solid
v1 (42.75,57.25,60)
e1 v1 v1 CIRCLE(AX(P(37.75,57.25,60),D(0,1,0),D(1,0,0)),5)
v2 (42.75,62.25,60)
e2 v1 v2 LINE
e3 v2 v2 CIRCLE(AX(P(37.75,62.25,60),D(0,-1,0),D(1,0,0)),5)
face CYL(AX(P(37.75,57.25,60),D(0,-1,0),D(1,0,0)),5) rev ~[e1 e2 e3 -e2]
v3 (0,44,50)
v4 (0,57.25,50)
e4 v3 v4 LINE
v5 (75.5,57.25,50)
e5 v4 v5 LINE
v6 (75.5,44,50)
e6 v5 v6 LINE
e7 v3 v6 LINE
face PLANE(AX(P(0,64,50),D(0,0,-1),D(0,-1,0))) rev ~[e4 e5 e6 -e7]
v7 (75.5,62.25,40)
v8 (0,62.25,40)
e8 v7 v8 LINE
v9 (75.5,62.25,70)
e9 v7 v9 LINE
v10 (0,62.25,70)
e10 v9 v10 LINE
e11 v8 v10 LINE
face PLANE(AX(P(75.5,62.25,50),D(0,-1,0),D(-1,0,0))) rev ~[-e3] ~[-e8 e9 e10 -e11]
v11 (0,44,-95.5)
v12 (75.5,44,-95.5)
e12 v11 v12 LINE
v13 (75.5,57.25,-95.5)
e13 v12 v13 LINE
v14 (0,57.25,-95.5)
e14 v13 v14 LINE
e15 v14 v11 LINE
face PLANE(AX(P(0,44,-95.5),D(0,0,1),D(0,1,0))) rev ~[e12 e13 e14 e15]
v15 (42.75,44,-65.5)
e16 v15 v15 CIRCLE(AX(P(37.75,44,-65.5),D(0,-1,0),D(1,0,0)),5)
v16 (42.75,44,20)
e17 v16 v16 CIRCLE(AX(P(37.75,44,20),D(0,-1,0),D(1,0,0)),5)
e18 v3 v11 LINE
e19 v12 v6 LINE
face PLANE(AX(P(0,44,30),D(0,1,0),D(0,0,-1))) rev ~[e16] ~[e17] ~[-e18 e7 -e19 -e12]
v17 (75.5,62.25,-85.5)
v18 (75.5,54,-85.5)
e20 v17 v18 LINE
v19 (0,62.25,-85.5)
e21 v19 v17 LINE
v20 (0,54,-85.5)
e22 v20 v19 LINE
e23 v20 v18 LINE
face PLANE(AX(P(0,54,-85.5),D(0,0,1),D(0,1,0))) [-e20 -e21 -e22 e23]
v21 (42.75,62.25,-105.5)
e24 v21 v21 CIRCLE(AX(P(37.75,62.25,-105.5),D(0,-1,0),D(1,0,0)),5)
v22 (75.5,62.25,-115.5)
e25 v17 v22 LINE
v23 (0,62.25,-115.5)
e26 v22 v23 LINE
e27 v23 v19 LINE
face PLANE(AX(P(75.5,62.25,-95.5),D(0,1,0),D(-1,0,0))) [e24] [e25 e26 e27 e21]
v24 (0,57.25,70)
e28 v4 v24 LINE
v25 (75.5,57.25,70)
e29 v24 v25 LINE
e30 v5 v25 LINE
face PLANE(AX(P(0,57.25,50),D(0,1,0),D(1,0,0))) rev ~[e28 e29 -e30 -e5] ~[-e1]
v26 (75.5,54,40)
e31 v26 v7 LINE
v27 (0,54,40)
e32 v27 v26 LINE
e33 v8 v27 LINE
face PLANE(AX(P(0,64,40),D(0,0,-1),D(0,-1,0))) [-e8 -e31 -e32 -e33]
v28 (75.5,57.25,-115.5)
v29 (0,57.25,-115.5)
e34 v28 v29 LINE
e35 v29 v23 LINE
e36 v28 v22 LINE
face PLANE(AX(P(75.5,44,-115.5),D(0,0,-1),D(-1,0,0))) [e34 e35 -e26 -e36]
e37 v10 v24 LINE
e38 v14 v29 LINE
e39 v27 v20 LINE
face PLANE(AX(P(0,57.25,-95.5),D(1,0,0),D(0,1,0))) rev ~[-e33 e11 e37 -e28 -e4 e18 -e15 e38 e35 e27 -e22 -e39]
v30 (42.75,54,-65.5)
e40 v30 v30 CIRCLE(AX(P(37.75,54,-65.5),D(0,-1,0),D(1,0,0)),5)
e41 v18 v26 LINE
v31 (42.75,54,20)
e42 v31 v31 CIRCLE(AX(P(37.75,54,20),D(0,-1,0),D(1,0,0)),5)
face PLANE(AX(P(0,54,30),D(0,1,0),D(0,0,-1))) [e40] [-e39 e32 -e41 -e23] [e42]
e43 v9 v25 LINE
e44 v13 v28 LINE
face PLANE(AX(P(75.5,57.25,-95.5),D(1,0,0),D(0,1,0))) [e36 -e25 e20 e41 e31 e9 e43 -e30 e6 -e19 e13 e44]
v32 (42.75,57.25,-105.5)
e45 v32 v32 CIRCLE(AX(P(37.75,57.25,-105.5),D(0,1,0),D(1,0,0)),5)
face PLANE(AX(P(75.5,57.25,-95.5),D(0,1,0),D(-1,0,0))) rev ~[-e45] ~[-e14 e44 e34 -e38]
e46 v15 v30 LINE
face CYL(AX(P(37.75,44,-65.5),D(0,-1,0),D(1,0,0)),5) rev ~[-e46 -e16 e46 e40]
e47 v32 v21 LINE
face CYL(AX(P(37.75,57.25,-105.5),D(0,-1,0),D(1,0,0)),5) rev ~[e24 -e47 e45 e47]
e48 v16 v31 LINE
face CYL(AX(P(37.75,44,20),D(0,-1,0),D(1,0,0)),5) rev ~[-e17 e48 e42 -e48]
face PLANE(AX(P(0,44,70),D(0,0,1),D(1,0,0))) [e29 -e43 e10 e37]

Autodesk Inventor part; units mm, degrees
ref_plane "YZ Plane" through (0, 0, 0) normal (1, 0, 0) x (0, 1, 0)
ref_plane "XZ Plane" through (0, 0, 0) normal (0, 1, 0) x (-1, 0, 0)
ref_plane "XY Plane" through (0, 0, 0) normal (0, 0, 1) x (1, 0, 0)
sketch "Sketch1" plane through (0, 0, 0) normal (1, 0, 0) x (0, 1, 0)
  line L0 (-6, -12.5) -> (-6, -12.9)
  arc A0 (-6, -12.9) -> (-5.6, -13.3) centre (-5.6, -12.9) ccw
  line L1 (-5.6, -13.3) -> (-4.9, -13.3)
  arc A1 (-4.9, -13.3) -> (-4.7, -13.1) centre (-4.9, -13.1) ccw
  line L2 (-4.7, -13.1) -> (-4.7, -12.85)
  arc A2 (-4.5, -12.65) -> (-4.7, -12.85) centre (-4.5, -12.85) ccw
  line L3 (-4.5, -12.65) -> (-1.8, -12.65)
  arc A3 (-1.4, -13.05) -> (-1.8, -12.65) centre (-1.8, -13.05) ccw
  line L4 (-1.4, -13.05) -> (-1.4, -18.75)
  line L5 (-1.8, -19.15) -> (-4.5, -19.15)
  arc A4 (-1.8, -19.15) -> (-1.4, -18.75) centre (-1.8, -18.75) ccw
  arc A5 (-4.7, -18.95) -> (-4.5, -19.15) centre (-4.5, -18.95) ccw
  line L6 (-4.7, -18.95) -> (-4.7, -18.7)
  arc A6 (-4.7, -18.7) -> (-4.9, -18.5) centre (-4.9, -18.7) ccw
  line L7 (-4.9, -18.5) -> (-5.6, -18.5)
  arc A7 (-5.6, -18.5) -> (-6, -18.9) centre (-5.6, -18.9) ccw
  line L8 (-6, -18.9) -> (-6, -19.5)
  line L9 (-6.5, -6.5) -> (-6.5, -12.5)
  line L10 (-6.5, -12.5) -> (-2.5, -12.5)
  line L11 (-1.05, -19.5) -> (-6.5, -19.5)
  line L12 (-6.5, -19.5) -> (-6.5, -26)
  line L13 (-6.5, -26) -> (-1.05, -26)
  line L14 (-6, -26) -> (-6, -26.6)
  arc A8 (-6, -26.6) -> (-5.6, -27) centre (-5.6, -26.6) ccw
  line L15 (-5.6, -27) -> (-4.9, -27)
  arc A9 (-4.9, -27) -> (-4.7, -26.8) centre (-4.9, -26.8) ccw
  arc A10 (-4.5, -26.35) -> (-4.7, -26.55) centre (-4.5, -26.55) ccw
  line L16 (-4.7, -26.8) -> (-4.7, -26.55)
  line L17 (-4.5, -26.35) -> (-1.8, -26.35)
  arc A11 (-1.4, -26.75) -> (-1.8, -26.35) centre (-1.8, -26.75) ccw
  line L18 (-1.4, -26.75) -> (-1.4, -32.45)
  arc A12 (-1.8, -32.85) -> (-1.4, -32.45) centre (-1.8, -32.45) ccw
  line L19 (-1.8, -32.85) -> (-4.5, -32.85)
  arc A13 (-4.7, -32.65) -> (-4.5, -32.85) centre (-4.5, -32.65) ccw
  line L20 (-4.7, -32.65) -> (-4.7, -32.4)
  arc A14 (-4.7, -32.4) -> (-4.9, -32.2) centre (-4.9, -32.4) ccw
  line L21 (-4.9, -32.2) -> (-5.6, -32.2)
  arc A15 (-5.6, -32.2) -> (-6, -32.6) centre (-5.6, -32.6) ccw
  line L22 (-6, -32.6) -> (-6, -33)
  line L23 (-2.5, -33) -> (-6.5, -33)
  line L24 (-6.5, -33) -> (-6.5, -39)
  line L25 (32.5, 0) -> (0, 0)
  circle A16 centre (0, -6.5) radius 4.75
  circle A17 centre (32.5, -6.5) radius 4.75
  circle A18 centre (0, -39) radius 4.75
  circle A19 centre (32.5, -39) radius 4.75
  line L26 (39, -26) -> (39, -19.5)
  line L27 (39, -12.5) -> (39, -6.5)
  line L28 (39, -39) -> (39, -33)
  line L29 (26.5, -45.5) -> (32.5, -45.5)
  line L30 (0, -45.5) -> (6, -45.5)
  line L31 (13, -45.5) -> (19.5, -45.5)
  circle A20 centre (16.25, -22.75) radius 15
  circle A21 centre (16.2588, 5.0016) radius 2.5
  circle A22 centre (16.25, -50.5) radius 2.5
  circle A23 centre (16.25, -22.75) radius 5
  circle A24 centre (16.25, -22.75) radius 8.45
  line L32 (24.75, -27.6575) -> (24.75, -17.8425)
  line L33 (44, 10) -> (-11.5, 10)
  line L34 (-11.5, 10) -> (-11.5, -55.5)
  line L35 (-11.5, -55.5) -> (44, -55.5)
  line L36 (44, -55.5) -> (44, 10)
  line L37 (-11.5, 30) -> (44, 30)
  line L38 (-11.5, -75.5) -> (-11.5, 30)
  line L39 (44, 30) -> (44, -75.5)
  line L40 (44, -75.5) -> (-11.5, -75.5)
  circle A25 centre (16.25, -65.5) radius 5
  circle A26 centre (16.25, 20) radius 5
  line L41 (44, 30) -> (44, 50)
  line L42 (44, -75.5) -> (44, -95.5)
  line L43 (110, 50) -> (84, 50)
  line L44 (84, 50) -> (84, -95.5)
  line L45 (84, -95.5) -> (110, -95.5)
  line L46 (110, -95.5) -> (110, 50)
  line L47 (84, 50) -> (104, 50)
  line L48 (104, -95.5) -> (84, -95.5)
  line L49 (84, -95.5) -> (84, 50)
  line L50 (84, 50) -> (64, 50)
  line L51 (64, 50) -> (64, -95.5)
  line L52 (64, -95.5) -> (84, -95.5)
  line L53 (84, -95.5) -> (84, 50)
  line L54 (64, 50) -> (44, 50)
  line L55 (44, 50) -> (44, -95.5)
  line L56 (44, -95.5) -> (64, -95.5)
  line L57 (64, -95.5) -> (64, 50)
  line L58 (44, 30) -> (54, 30)
  line L59 (100.8097, 50) -> (100.8097, 40)
  line L60 (94, -95.5) -> (94, -85.5)
  line L61 (110, 40) -> (54, 40)
  line L62 (54, 40) -> (54, -85.5)
  line L63 (54, -85.5) -> (110, -85.5)
  line L64 (110, 50) -> (136, 50)
  line L65 (136, 50) -> (136, 40)
  line L66 (136, 40) -> (110, 40)
  line L67 (110, -85.5) -> (136, -85.5)
  line L68 (136, -85.5) -> (136, -95.5)
  line L69 (136, -95.5) -> (110, -95.5)
  dimension "d0" = 20
  dimension "d1" = 20
  dimension "d2" = 55.5
  dimension "d3" = 26
  dimension "d5" = 20
  dimension "d6" = 45.5
  dimension "d7" = 20
  dimension "d8" = 10
  dimension "d9" = 10
  dimension "d10" = 26
extrude "Extrusion1" add sketch "Sketch1" along normal blind 75.5 contours L39 L58 L62 L63 L51 L56 L42 L36 | L41 L54 L51 L61 L62 L58 | L50 L44 L61 L51 | L51 L63 L44 L52 | L43 L59 L61 L44 | L44 L63 L60 L45 | L43 L46 L61 L59 | L60 L63 L46 L45 | L64 L65 L66 L46 | L67 L68 L69 L46
sketch "Sketch2" plane through (0, 44, -95.5) normal (0, -1, 0) x (1, 0, 0)
  line L0 (15.5, 83) -> (15.5, 82.6)
  arc A0 (15.5, 82.6) -> (15.9, 82.2) centre (15.9, 82.6) ccw
  line L1 (15.9, 82.2) -> (16.6, 82.2)
  arc A1 (16.6, 82.2) -> (16.8, 82.4) centre (16.6, 82.4) ccw
  line L2 (16.8, 82.4) -> (16.8, 82.65)
  arc A2 (17, 82.85) -> (16.8, 82.65) centre (17, 82.65) ccw
  line L3 (17, 82.85) -> (19.7, 82.85)
  arc A3 (20.1, 82.45) -> (19.7, 82.85) centre (19.7, 82.45) ccw
  line L4 (20.1, 82.45) -> (20.1, 76.75)
  line L5 (19.7, 76.35) -> (17, 76.35)
  arc A4 (19.7, 76.35) -> (20.1, 76.75) centre (19.7, 76.75) ccw
  arc A5 (16.8, 76.55) -> (17, 76.35) centre (17, 76.55) ccw
  line L6 (16.8, 76.55) -> (16.8, 76.8)
  arc A6 (16.8, 76.8) -> (16.6, 77) centre (16.6, 76.8) ccw
  line L7 (16.6, 77) -> (15.9, 77)
  arc A7 (15.9, 77) -> (15.5, 76.6) centre (15.9, 76.6) ccw
  line L8 (15.5, 76.6) -> (15.5, 76)
  line L9 (15, 89) -> (15, 83)
  line L10 (15, 83) -> (19, 83)
  line L11 (20.45, 76) -> (15, 76)
  line L12 (15, 76) -> (15, 69.5)
  line L13 (15, 69.5) -> (20.45, 69.5)
  line L14 (15.5, 69.5) -> (15.5, 68.9)
  arc A8 (15.5, 68.9) -> (15.9, 68.5) centre (15.9, 68.9) ccw
  line L15 (15.9, 68.5) -> (16.6, 68.5)
  arc A9 (16.6, 68.5) -> (16.8, 68.7) centre (16.6, 68.7) ccw
  arc A10 (17, 69.15) -> (16.8, 68.95) centre (17, 68.95) ccw
  line L16 (16.8, 68.7) -> (16.8, 68.95)
  line L17 (17, 69.15) -> (19.7, 69.15)
  arc A11 (20.1, 68.75) -> (19.7, 69.15) centre (19.7, 68.75) ccw
  line L18 (20.1, 68.75) -> (20.1, 63.05)
  arc A12 (19.7, 62.65) -> (20.1, 63.05) centre (19.7, 63.05) ccw
  line L19 (19.7, 62.65) -> (17, 62.65)
  arc A13 (16.8, 62.85) -> (17, 62.65) centre (17, 62.85) ccw
  line L20 (16.8, 62.85) -> (16.8, 63.1)
  arc A14 (16.8, 63.1) -> (16.6, 63.3) centre (16.6, 63.1) ccw
  line L21 (16.6, 63.3) -> (15.9, 63.3)
  arc A15 (15.9, 63.3) -> (15.5, 62.9) centre (15.9, 62.9) ccw
  line L22 (15.5, 62.9) -> (15.5, 62.5)
  line L23 (19, 62.5) -> (15, 62.5)
  line L24 (15, 62.5) -> (15, 56.5)
  line L25 (54, 95.5) -> (21.5, 96.1203)
  circle A16 centre (21.5, 89) radius 4.75
  circle A17 centre (54, 89) radius 4.75
  circle A18 centre (21.5, 56.5) radius 4.75
  circle A19 centre (54, 56.5) radius 4.75
  line L26 (60.5, 69.5) -> (60.5, 76)
  line L27 (60.5, 83) -> (60.5, 89)
  line L28 (60.5, 56.5) -> (60.5, 62.5)
  line L29 (48, 50) -> (54, 50)
  line L30 (21.5, 50) -> (27.5, 50)
  line L31 (34.5, 50) -> (41, 50)
  circle A20 centre (37.75, 72.75) radius 15
  circle A21 centre (37.7588, 100.5016) radius 2.5
  circle A22 centre (37.75, 45) radius 2.5
  circle A23 centre (37.75, 72.75) radius 5
  circle A24 centre (37.75, 72.75) radius 8.45
  line L32 (46.25, 67.8425) -> (46.25, 77.6575)
  line L33 (65.5, 105.5) -> (10, 105.5)
  line L34 (10, 105.5) -> (10, 40)
  line L35 (10, 40) -> (65.5, 40)
  line L36 (65.5, 40) -> (65.5, 105.5)
  line L37 (10, 125.5) -> (65.5, 125.5)
  line L38 (10, 20) -> (10, 125.5)
  line L39 (65.5, 125.5) -> (65.5, 20)
  line L40 (65.5, 20) -> (10, 20)
  circle A25 centre (37.75, 30) radius 5
  circle A26 centre (37.75, 115.5) radius 5
  line L41 (0, 145.5) -> (0, 0) projected
  line L42 (75.5, 145.5) -> (75.5, 0) projected
  line L43 (0, 145.5) -> (75.5, 0)
  line L44 (75.5, 0) -> (75.5, 145.5)
  line L45 (75.5, 145.5) -> (0, 0)
  line L46 (37.75, 72.75) -> (-23.5643, 72.75)
  point P0 (0, 95.5)
extrude "Extrusion2" cut sketch "Sketch2" against normal blind 75.5 contours A25 | A26
sketch "Sketch3" plane through (0, 44, -95.5) normal (0, 0, -1) x (-1, 0, 0)
  line L0 (0, 92) -> (-75.5, 92) projected
  line L1 (-75.5, 92) -> (-10, 92)
  line L2 (-10, 92) -> (-10, 36.5)
  line L3 (-10, 36.5) -> (-75.5, 36.5)
  line L4 (-75.5, 36.5) -> (-75.5, 92)
  line L5 (-42.75, 36.5) -> (-42.75, 92)
  line L6 (-10, 36.5) -> (-42.75, 92)
  line L7 (-26.375, 64.25) -> (-42.75, 64.25)
  line L8 (-42.75, 36.5) -> (-75.5, 92)
  line L9 (-59.125, 64.25) -> (-42.75, 64.25)
  circle A0 centre (-26.375, 64.25) radius 5
  circle A1 centre (-59.125, 64.25) radius 5
  point P0 (0, -44)
  dimension "d21" = 65.5
  dimension "d22" = 55.5
  dimension "d23" = 10
  dimension "d24" = 10
extrude "Extrusion3" cut sketch "Sketch3" against normal through all contours A0 L6 | L6 L7 A0 | A0 L7 L6 | A1 L9 L8 | L8 A1 | A1 L8 L9
sketch "Sketch4" plane through (0, 44, -95.5) normal (0, 0, -1) x (-1, 0, 0)
  line L0 (0, 0) -> (-75.5, 0) projected
  line L1 (-75.5, 10) -> (-75.5, 92) projected
  line L2 (0, 0) -> (-75.5, 0)
  line L3 (-75.5, 0) -> (-75.5, 18.25)
  line L4 (-75.5, 18.25) -> (0, 18.25)
  line L5 (0, 18.25) -> (0, 0)
  line L6 (0, 92) -> (-75.5, 92) projected
  line L7 (0, 18.25) -> (-75.5, 18.25)
  line L8 (-75.5, 18.25) -> (-75.5, 92)
  line L9 (-75.5, 92) -> (0, 92)
  line L10 (0, 92) -> (0, 18.25)
  point P0 (0, -44)
  dimension "d27" = 18.25
extrude "Extrusion4" cut sketch "Sketch4" against normal through all contours L4 L1 L6 L10
sketch "Sketch5" plane through (75.5, 44, -95.5) normal (0, 0, -1) x (-1, 0, 0)
  line L0 (0, 18.25) -> (75.5, 18.25) projected
  line L1 (0, 0) -> (0, 18.25) projected
  line L2 (75.5, 18.25) -> (0, 18.25)
  line L3 (0, 18.25) -> (0, 13.25)
  line L4 (0, 13.25) -> (75.5, 13.25)
  line L5 (75.5, 13.25) -> (75.5, 18.25)
  point P0 (75.5, -44)
  dimension "d30" = 5
sketch "Sketch6" plane through (0, 44, 50) normal (0, 0, 1) x (1, 0, 0)
  line L0 (75.5, 18.25) -> (75.5, 10) projected
  line L1 (0, 18.25) -> (0, 0) projected
  line L2 (75.5, 18.25) -> (0, 18.25)
  line L3 (0, 18.25) -> (0, 13.25)
  line L4 (0, 13.25) -> (75.5, 13.25)
  line L5 (75.5, 13.25) -> (75.5, 18.25)
  point P0 (0, -44)
  dimension "d31" = 5
extrude "Extrusion5" add sketch "Sketch6" along normal blind 20
extrude "Extrusion6" add sketch "Sketch5" along normal blind 20
sketch "Sketch7" plane through (0, 57.25, -95.5) normal (0, -1, 0) x (1, 0, 0)
  line L0 (0, 10) -> (0, -20) projected
  line L1 (0, 0) -> (75.5, 0) projected
  line L2 (0, -20) -> (75.5, 0)
  line L3 (75.5, 0) -> (37.75, -10)
  line L4 (37.75, -10) -> (37.75, -2.094)
  line L5 (0, 145.5) -> (0, 165.5) projected
  line L6 (75.5, 145.5) -> (75.5, 165.5) projected
  line L7 (0, 145.5) -> (75.5, 165.5)
  line L8 (75.5, 165.5) -> (37.75, 159.321)
  line L9 (37.75, 159.321) -> (37.75, 155.5)
  circle A0 centre (37.75, -10) radius 5
  circle A1 centre (37.75, 155.5) radius 5
  point P0 (0, 95.5)
  dimension "d36" = 10
  dimension "d37" = 10
extrude "Extrusion7" cut sketch "Sketch7" against normal blind 20 contours A0 L4 L2 | L2 A0 | L2 L4 A0 | A1 L8 L9 L7 | L7 A1 | L9 L8 A1 L7
properties part number "CarroSuperior"
